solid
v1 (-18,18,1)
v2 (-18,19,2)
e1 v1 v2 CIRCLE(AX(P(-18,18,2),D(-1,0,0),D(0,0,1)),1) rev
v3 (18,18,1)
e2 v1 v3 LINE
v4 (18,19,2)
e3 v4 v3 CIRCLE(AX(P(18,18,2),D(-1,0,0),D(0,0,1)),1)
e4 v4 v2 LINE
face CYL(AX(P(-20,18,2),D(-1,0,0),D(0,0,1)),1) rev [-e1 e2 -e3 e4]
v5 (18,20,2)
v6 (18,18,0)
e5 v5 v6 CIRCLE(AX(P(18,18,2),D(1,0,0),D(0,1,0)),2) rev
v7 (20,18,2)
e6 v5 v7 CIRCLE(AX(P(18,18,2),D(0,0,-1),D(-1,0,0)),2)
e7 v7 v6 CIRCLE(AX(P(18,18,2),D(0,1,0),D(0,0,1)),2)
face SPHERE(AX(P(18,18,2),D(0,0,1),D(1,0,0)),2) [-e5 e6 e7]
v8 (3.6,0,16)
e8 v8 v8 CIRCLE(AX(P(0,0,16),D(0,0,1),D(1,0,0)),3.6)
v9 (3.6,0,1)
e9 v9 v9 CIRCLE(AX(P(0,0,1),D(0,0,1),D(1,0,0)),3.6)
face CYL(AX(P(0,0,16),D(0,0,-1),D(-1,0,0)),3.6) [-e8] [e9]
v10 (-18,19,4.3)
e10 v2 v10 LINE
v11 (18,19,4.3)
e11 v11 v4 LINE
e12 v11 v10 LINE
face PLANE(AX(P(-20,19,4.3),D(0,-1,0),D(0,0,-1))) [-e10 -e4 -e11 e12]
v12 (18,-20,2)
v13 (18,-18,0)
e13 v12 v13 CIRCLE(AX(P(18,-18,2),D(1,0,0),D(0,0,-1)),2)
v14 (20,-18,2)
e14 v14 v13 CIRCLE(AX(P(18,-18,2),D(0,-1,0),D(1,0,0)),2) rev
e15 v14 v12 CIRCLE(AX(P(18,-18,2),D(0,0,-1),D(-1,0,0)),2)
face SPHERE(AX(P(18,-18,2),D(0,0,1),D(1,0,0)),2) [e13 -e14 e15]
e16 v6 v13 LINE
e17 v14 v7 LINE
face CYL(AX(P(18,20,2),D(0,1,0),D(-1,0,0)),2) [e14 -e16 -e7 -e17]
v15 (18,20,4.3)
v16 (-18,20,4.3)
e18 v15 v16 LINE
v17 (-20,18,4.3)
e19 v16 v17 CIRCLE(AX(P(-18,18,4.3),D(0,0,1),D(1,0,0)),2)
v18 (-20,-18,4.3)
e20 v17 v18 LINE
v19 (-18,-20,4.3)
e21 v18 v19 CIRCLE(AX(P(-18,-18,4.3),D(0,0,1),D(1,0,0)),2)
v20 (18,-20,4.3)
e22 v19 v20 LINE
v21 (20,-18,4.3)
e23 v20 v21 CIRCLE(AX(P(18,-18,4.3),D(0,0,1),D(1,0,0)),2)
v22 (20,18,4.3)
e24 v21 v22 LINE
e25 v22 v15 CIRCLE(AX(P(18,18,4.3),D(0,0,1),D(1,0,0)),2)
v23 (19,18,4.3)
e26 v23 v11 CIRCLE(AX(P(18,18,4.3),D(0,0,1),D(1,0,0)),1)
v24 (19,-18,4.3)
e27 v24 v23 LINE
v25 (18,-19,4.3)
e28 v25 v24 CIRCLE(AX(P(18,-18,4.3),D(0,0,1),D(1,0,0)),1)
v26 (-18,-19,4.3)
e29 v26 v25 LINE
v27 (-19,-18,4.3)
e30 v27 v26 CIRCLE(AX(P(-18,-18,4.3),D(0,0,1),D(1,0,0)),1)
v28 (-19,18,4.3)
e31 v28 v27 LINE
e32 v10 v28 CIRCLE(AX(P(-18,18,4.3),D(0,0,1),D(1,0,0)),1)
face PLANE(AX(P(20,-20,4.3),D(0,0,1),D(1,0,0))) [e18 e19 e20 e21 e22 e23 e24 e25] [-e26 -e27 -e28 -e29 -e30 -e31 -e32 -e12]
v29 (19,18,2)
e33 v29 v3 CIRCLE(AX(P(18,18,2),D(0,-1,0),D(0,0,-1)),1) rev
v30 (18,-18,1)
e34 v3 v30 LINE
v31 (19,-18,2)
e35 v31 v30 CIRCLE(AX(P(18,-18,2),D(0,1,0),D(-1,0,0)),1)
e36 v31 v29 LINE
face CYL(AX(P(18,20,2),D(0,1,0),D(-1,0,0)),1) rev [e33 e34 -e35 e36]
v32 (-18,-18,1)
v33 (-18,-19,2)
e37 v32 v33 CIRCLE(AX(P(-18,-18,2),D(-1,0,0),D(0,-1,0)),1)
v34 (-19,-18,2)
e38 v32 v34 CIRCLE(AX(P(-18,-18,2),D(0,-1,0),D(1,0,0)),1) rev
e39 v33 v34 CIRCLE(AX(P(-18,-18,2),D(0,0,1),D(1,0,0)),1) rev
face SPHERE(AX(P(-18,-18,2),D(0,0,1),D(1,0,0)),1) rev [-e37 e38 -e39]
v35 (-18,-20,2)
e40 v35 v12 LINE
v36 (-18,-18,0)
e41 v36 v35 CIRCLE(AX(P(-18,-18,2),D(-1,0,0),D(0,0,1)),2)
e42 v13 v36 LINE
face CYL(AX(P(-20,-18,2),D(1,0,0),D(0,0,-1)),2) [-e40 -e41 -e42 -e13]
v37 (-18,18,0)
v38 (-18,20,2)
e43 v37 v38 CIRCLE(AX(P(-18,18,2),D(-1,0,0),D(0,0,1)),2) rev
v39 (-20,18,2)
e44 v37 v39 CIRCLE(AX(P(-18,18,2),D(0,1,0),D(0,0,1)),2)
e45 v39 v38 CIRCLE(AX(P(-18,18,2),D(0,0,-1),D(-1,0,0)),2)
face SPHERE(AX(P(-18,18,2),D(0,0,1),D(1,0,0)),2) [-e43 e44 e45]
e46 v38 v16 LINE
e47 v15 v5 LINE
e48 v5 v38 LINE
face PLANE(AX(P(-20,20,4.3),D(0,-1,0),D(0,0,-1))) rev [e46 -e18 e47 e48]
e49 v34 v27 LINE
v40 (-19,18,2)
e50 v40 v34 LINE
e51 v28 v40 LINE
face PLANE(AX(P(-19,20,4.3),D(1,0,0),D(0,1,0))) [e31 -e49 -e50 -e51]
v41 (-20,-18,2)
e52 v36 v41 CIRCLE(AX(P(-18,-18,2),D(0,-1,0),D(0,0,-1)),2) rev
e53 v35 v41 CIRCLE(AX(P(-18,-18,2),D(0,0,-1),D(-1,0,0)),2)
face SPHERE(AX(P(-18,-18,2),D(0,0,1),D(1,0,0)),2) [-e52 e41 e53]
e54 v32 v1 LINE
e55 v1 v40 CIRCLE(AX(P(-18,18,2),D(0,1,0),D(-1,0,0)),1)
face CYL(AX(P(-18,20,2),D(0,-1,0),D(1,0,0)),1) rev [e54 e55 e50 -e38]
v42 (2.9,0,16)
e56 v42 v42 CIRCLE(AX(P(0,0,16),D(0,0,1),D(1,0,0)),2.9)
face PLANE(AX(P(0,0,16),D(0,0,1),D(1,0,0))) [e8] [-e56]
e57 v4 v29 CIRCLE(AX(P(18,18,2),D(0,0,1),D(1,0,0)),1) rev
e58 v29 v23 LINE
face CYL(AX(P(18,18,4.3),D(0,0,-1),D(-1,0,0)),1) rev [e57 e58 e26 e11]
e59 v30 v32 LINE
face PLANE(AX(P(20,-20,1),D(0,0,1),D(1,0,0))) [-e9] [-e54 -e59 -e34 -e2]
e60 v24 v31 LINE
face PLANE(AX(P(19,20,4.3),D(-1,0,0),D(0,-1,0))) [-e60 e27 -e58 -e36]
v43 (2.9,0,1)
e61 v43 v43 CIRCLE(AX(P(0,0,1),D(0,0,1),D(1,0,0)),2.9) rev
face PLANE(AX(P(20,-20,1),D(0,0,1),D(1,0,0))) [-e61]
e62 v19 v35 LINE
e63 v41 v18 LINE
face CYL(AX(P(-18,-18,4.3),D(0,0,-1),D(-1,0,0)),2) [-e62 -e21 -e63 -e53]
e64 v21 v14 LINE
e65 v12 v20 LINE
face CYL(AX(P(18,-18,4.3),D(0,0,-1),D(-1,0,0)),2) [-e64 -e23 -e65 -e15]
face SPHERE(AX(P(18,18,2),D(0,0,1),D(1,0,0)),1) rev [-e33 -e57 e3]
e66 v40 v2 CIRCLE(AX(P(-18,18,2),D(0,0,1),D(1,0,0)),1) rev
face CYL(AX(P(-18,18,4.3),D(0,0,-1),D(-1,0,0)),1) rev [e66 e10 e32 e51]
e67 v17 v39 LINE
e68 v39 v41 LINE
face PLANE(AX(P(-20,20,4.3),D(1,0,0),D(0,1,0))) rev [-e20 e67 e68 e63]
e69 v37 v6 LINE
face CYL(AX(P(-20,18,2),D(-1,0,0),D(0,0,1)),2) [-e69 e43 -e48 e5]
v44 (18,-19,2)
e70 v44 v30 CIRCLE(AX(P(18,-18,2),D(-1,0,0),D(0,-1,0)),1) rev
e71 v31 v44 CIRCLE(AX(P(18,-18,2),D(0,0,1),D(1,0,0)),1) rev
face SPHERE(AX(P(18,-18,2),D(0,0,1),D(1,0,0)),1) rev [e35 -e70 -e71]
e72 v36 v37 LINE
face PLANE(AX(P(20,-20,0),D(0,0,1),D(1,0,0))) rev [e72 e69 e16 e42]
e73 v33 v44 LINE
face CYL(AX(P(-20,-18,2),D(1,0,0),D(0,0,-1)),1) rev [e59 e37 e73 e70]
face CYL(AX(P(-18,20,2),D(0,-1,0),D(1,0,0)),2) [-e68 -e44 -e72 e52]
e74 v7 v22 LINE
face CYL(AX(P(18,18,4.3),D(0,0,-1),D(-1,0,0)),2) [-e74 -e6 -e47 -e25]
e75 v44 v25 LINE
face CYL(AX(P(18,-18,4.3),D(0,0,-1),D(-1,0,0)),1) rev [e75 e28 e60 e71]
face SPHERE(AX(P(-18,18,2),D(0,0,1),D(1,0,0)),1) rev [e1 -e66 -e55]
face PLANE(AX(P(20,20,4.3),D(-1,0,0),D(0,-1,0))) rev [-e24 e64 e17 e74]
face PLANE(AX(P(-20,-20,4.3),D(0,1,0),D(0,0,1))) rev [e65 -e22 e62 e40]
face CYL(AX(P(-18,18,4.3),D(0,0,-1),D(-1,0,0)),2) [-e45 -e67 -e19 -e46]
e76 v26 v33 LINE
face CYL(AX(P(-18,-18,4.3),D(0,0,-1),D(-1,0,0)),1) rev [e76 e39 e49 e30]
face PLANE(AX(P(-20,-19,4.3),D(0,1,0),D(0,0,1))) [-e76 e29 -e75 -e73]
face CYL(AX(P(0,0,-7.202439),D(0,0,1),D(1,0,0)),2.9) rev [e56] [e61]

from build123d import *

# Parameters (mm, degrees)
SKETCH_1_W          = 40
SKETCH_1_H          = 40
EXTRUDE_1_DEPTH     = 4.3
FILLET_1_R          = 2
SHELL_1_T           = -1
SKETCH_2_R          = 3.6
EXTRUDE_2_DEPTH     = 15
SKETCH_3_R          = 2.9
CUT_EXTRUDE_1_DEPTH = 15


with BuildPart() as part:
    # 草图1 → 凸台-拉伸1 (new body)
    with BuildSketch(Plane.XY):
        Rectangle(SKETCH_1_W, SKETCH_1_H)
    extrude(amount=EXTRUDE_1_DEPTH)

    # 圆角1
    fillet_1_edges = [part.edges().sort_by_distance(p)[0] for p in [
        (0, -20, 0),
        (-20, 0, 0),
        (0, 20, 0),
        (20, 0, 0),
        (20, -20, 2.15),
        (-20, -20, 2.15),
        (-20, 20, 2.15),
        (20, 20, 2.15),
    ]]
    fillet(fillet_1_edges, radius=FILLET_1_R)

    # 抽壳1
    shell_1_openings = [part.faces().sort_by_distance(p)[0] for p in [
        (0, 0, 4.3),
    ]]
    offset(amount=SHELL_1_T, openings=shell_1_openings, kind=Kind.INTERSECTION)

    # 草图2 → 凸台-拉伸2 (add)
    with BuildSketch(Plane.XY.offset(1)):
        Circle(SKETCH_2_R)
    extrude(amount=EXTRUDE_2_DEPTH)

    # 草图3 → 切除-拉伸1 (cut)
    with BuildSketch(Plane.XY.offset(16)):
        Circle(SKETCH_3_R)
    extrude(amount=-CUT_EXTRUDE_1_DEPTH, mode=Mode.SUBTRACT)


solid = part.part
